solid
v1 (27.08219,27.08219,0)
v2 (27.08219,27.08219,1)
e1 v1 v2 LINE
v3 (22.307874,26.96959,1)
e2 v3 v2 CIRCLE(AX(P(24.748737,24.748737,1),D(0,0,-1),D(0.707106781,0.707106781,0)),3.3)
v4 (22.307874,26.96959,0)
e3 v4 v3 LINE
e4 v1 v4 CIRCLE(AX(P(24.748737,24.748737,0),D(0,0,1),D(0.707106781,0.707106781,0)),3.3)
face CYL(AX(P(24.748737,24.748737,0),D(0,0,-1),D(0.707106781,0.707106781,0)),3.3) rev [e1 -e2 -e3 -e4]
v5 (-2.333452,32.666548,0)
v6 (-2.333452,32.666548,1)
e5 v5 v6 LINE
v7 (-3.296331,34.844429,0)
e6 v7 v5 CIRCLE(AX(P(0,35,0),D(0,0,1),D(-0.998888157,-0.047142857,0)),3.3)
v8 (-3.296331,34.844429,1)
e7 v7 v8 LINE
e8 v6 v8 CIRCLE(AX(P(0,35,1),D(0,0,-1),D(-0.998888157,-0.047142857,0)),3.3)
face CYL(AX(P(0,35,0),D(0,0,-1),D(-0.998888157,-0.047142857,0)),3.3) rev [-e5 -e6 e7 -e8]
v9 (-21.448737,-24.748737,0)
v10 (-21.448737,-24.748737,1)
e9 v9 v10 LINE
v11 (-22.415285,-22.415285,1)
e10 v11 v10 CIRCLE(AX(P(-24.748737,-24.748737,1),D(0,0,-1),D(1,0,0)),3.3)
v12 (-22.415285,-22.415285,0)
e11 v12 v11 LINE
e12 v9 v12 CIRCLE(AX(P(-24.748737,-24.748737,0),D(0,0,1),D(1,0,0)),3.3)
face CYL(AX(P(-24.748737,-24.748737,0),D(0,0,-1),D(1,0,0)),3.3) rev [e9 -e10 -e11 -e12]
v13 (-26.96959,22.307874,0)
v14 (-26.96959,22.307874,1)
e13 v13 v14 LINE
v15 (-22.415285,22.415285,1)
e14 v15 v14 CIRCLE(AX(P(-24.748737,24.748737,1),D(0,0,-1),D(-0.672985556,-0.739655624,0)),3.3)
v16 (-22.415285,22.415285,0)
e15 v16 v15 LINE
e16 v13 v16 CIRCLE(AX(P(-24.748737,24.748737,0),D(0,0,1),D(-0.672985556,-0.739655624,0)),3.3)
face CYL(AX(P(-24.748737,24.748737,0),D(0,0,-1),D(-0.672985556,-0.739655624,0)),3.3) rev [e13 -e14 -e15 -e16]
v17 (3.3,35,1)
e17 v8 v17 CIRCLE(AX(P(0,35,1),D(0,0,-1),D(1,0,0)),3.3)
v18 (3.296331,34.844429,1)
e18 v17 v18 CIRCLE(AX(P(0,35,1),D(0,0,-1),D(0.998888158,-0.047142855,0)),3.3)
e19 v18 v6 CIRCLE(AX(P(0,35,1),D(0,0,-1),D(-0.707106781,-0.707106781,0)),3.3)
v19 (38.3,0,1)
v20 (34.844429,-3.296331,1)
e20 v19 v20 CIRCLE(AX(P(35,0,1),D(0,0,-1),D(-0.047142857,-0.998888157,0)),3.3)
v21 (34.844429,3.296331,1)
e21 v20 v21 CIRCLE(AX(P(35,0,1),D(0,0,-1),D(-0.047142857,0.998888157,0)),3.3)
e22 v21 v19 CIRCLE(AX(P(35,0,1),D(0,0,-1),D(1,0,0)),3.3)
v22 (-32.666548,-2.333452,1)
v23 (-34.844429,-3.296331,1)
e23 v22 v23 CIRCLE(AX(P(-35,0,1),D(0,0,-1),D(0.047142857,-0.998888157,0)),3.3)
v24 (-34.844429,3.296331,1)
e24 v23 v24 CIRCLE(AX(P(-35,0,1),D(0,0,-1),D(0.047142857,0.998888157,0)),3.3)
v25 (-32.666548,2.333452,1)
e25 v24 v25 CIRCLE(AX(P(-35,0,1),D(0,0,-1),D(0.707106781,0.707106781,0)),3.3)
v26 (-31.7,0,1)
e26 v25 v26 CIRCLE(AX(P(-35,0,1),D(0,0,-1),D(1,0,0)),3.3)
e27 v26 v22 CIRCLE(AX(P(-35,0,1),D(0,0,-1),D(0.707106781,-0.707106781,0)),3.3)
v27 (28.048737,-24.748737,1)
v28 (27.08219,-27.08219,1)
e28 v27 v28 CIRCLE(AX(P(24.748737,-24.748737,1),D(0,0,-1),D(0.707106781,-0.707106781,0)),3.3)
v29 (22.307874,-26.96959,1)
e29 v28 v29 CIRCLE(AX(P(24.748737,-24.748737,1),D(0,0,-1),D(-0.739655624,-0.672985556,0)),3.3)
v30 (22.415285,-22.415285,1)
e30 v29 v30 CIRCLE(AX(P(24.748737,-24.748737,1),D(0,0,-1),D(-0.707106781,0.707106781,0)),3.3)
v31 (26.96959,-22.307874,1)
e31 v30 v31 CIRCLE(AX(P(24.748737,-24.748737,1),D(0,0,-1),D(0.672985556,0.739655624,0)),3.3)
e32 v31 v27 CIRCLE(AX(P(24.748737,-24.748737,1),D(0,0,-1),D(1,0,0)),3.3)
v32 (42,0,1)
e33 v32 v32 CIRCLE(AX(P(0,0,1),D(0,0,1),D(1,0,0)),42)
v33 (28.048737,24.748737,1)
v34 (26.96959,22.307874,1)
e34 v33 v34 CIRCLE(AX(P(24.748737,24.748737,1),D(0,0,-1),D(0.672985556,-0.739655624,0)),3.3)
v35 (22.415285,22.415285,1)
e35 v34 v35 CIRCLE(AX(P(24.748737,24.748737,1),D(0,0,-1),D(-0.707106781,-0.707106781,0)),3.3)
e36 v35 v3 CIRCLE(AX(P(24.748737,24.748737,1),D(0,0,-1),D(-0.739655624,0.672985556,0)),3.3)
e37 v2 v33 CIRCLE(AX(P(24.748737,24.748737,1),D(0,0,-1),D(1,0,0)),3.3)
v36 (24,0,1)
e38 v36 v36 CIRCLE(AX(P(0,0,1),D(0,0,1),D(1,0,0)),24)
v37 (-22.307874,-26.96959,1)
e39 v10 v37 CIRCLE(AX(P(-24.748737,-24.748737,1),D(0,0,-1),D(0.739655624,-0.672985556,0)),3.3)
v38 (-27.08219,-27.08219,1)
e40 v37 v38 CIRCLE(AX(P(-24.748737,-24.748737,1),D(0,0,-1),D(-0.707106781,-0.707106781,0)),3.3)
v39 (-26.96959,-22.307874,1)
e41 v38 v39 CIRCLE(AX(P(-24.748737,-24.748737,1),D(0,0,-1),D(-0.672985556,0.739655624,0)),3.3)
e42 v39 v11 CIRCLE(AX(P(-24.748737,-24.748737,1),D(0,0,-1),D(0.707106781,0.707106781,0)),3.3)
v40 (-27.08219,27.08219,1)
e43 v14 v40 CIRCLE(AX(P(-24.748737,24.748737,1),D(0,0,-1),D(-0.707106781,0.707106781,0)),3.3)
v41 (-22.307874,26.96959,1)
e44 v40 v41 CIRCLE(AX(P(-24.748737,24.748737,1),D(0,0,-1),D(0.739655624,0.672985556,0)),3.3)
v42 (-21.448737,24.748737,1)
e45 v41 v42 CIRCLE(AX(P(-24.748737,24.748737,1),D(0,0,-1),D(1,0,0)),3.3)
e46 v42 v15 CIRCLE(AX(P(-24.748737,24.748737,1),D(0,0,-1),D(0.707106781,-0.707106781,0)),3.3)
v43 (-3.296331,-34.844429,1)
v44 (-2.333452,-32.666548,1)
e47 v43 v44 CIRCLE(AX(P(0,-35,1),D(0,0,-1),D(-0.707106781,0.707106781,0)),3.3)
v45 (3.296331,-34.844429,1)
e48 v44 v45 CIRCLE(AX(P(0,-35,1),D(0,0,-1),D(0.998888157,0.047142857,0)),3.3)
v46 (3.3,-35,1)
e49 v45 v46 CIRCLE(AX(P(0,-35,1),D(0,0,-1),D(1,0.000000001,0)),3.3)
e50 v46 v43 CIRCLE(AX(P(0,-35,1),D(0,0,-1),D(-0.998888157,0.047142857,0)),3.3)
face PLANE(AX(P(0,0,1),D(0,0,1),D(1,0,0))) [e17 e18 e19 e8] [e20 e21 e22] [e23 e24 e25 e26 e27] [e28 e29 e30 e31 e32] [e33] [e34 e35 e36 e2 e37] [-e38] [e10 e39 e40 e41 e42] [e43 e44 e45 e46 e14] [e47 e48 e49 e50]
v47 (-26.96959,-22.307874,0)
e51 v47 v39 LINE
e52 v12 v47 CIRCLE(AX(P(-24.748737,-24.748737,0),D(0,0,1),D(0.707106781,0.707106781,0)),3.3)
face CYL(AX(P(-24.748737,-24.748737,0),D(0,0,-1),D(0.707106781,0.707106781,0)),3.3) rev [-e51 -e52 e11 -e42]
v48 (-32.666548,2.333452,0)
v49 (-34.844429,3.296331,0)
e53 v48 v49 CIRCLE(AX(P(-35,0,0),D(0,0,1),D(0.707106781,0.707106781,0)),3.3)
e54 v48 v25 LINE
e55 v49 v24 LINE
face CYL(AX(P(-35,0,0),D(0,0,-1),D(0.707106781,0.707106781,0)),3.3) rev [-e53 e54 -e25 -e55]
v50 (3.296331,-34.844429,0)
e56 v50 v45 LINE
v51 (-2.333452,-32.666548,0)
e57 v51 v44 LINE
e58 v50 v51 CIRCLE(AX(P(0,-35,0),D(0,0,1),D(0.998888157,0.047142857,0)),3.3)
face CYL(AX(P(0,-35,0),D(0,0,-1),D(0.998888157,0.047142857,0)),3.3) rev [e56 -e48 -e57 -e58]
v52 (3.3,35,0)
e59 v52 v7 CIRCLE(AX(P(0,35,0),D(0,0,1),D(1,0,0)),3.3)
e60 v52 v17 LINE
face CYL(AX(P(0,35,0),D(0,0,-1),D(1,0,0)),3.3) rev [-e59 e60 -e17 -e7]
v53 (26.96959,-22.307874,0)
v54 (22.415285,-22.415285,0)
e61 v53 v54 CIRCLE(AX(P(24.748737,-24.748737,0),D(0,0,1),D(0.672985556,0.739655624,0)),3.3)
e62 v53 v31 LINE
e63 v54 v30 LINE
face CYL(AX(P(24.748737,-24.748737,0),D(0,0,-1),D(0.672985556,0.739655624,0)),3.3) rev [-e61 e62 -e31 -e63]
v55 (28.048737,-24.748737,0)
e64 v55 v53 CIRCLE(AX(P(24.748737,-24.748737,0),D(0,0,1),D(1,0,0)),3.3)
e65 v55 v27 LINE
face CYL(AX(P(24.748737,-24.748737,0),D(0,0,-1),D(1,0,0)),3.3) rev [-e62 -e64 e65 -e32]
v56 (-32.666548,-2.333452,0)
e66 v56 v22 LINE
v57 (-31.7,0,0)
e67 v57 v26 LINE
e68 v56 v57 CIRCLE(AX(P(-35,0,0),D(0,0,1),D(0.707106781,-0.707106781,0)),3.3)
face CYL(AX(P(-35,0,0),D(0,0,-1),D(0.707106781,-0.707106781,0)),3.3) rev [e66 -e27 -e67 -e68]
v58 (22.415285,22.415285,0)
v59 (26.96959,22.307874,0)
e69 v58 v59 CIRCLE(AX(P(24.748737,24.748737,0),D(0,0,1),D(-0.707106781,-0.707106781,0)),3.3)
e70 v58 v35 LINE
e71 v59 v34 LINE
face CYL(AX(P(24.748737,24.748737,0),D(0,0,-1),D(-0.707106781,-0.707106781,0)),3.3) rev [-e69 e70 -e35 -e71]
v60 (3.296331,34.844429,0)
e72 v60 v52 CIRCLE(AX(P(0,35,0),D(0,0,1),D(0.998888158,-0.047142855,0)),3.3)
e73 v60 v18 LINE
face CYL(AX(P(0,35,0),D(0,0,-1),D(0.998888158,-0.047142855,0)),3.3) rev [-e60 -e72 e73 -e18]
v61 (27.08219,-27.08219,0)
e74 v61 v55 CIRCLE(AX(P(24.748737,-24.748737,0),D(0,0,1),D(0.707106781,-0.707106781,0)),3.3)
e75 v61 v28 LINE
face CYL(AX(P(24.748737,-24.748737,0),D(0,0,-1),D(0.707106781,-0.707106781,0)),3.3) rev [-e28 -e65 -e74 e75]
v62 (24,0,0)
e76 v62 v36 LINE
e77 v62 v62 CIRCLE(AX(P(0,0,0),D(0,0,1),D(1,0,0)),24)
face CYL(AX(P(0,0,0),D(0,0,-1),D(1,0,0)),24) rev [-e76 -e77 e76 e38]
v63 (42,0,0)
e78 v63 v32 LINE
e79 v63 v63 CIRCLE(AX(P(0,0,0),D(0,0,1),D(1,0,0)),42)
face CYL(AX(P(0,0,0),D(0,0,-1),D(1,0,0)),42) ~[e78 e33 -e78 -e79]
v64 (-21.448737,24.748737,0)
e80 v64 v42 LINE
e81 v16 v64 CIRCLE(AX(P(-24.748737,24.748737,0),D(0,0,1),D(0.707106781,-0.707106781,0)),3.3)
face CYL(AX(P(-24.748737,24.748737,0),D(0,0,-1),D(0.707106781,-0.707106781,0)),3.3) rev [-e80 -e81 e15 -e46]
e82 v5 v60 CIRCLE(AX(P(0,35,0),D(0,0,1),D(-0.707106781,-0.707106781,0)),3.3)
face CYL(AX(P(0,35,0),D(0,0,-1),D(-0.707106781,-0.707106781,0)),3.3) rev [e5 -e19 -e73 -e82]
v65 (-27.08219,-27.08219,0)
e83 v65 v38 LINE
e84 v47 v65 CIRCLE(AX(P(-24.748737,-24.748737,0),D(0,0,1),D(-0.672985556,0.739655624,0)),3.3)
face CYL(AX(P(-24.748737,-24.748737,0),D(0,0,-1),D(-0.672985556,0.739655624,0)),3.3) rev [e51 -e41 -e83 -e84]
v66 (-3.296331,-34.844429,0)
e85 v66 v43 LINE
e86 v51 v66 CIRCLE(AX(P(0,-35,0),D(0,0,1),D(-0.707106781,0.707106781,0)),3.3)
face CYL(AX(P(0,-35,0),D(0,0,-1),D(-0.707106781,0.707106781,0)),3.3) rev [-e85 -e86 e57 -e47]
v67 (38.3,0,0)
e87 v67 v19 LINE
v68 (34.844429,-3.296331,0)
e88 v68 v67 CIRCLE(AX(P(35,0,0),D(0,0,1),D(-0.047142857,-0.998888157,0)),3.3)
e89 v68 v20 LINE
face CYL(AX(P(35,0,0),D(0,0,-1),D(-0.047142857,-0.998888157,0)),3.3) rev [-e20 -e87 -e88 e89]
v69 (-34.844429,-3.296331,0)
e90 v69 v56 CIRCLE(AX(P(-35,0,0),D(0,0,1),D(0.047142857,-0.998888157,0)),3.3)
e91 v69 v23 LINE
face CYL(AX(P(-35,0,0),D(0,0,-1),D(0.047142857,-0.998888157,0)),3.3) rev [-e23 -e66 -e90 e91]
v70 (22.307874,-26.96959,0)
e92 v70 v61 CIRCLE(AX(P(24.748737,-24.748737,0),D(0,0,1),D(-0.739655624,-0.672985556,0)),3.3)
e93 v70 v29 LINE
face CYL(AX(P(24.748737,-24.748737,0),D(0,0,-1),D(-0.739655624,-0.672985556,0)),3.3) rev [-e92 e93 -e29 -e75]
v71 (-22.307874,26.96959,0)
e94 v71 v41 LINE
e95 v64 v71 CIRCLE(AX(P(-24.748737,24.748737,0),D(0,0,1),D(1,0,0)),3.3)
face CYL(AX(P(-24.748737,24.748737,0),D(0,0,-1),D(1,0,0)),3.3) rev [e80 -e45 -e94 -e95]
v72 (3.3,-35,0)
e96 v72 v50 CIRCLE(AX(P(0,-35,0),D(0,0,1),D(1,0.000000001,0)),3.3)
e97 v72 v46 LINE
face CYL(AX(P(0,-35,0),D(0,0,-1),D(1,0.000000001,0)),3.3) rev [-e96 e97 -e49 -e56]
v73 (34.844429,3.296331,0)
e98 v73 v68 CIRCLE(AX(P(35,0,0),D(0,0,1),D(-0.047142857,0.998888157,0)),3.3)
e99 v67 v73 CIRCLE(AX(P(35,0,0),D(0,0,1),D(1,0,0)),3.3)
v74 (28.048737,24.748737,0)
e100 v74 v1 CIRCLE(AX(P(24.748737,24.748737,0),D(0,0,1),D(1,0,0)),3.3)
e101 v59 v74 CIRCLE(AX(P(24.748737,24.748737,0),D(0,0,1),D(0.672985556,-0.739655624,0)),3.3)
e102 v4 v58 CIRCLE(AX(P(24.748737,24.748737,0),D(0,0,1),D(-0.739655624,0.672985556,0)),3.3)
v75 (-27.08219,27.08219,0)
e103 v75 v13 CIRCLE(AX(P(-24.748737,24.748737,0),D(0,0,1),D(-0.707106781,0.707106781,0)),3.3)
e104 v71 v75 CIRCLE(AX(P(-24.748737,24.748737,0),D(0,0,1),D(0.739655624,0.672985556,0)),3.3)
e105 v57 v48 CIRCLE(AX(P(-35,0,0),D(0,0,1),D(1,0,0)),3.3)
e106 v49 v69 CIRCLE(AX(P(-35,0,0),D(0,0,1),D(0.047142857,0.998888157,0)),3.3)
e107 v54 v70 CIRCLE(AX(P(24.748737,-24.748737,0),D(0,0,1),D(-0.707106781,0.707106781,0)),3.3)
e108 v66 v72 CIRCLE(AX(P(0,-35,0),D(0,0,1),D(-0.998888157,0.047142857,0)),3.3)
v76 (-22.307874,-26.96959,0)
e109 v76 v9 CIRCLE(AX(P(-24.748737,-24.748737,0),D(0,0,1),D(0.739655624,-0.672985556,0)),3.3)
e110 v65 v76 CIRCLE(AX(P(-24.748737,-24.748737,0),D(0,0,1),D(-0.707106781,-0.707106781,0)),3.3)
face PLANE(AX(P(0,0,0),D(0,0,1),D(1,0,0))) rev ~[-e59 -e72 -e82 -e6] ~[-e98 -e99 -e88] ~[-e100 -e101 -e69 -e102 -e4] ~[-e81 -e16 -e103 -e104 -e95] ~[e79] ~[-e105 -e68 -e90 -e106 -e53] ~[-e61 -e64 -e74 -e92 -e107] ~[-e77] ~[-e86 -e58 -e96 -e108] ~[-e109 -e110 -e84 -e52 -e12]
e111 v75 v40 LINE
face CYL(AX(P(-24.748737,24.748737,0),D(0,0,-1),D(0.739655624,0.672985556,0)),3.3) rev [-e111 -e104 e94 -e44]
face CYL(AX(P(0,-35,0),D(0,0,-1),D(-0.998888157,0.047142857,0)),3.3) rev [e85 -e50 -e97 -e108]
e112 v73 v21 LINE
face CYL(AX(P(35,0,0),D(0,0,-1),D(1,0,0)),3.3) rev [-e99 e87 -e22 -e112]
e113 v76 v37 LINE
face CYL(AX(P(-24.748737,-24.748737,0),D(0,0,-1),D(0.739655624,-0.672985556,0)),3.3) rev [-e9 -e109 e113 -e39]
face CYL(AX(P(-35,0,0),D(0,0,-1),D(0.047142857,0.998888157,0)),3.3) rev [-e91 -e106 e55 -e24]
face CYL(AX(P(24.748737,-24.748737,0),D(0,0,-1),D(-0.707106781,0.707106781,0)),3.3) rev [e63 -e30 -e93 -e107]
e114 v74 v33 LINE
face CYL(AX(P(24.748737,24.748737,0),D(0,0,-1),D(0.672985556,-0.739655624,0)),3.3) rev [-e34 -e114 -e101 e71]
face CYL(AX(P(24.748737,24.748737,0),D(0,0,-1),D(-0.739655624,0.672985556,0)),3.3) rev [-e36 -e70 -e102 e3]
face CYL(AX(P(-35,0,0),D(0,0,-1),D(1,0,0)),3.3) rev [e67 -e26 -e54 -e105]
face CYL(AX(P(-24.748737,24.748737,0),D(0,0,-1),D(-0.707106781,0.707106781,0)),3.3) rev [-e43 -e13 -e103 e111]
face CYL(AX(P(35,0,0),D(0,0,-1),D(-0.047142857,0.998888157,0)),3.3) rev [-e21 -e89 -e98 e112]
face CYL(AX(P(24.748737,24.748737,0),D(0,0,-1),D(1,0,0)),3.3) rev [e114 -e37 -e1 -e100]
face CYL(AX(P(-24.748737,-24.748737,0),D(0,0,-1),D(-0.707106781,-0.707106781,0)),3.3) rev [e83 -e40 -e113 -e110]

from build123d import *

# Parameters (mm, degrees)
F0_R     = 42
F0_R_2   = 24
F1_DEPTH = 1
F3_DEPTH = 25


with BuildPart() as f1:
    # F0 (on Top) → F1 (new body)
    with BuildSketch(Plane.XY):
        Circle(F0_R)
        Circle(F0_R_2, mode=Mode.SUBTRACT)
    extrude(amount=F1_DEPTH)

    # F2 (on Top) → F3 (cut)
    with BuildSketch(Plane.XY):
        with BuildLine():
            ThreePointArc((34.8444285714, 3.2963309195), (34.9610855095, 1.65), (35, 0))
            ThreePointArc((35, 0), (34.9610855095, -1.65), (34.8444285714, -3.2963309195))
            ThreePointArc((34.8444285714, -3.2963309195), (37.2777855788, -2.3878217809), (38.3, 0))
            ThreePointArc((38.3, 0), (37.2777855788, 2.3878217809), (34.8444285714, 3.2963309195))
        make_face()
        with BuildLine():
            ThreePointArc((24.7487373415, 24.7487373415), (25.8879468303, 23.5544944524), (26.9695896756, 22.3078737832))
            ThreePointArc((26.9695896756, 22.3078737832), (27.7669166522, 23.4143484744), (28.0487373415, 24.7487373415))
            ThreePointArc((28.0487373415, 24.7487373415), (27.7975397988, 26.0115926683), (27.0821897194, 27.0821897194))
            Line((27.0821897194, 27.0821897194), (24.7487373415, 24.7487373415))
        make_face()
        with BuildLine():
            ThreePointArc((22.3078737832, 26.9695896756), (23.5544944524, 25.8879468303), (24.7487373415, 24.7487373415))
            Line((24.7487373415, 24.7487373415), (27.0821897194, 27.0821897194))
            ThreePointArc((27.0821897194, 27.0821897194), (24.6709299969, 28.0478199439), (22.3078737832, 26.9695896756))
        make_face()
        with BuildLine():
            ThreePointArc((0, 35), (1.65, 34.9610855095), (3.2963309195, 34.8444285714))
            ThreePointArc((3.2963309195, 34.8444285714), (3.2990826023, 34.9221926553), (3.3, 35))
            ThreePointArc((3.3, 35), (-0.0778073447, 38.2990826023), (-3.2963309195, 34.8444285714))
            ThreePointArc((-3.2963309195, 34.8444285714), (-1.65, 34.9610855095), (0, 35))
        make_face()
        with BuildLine():
            Line((-27.0821897194, 27.0821897194), (-24.7487373415, 24.7487373415))
            ThreePointArc((-24.7487373415, 24.7487373415), (-23.5544944524, 25.8879468303), (-22.3078737832, 26.9695896756))
            ThreePointArc((-22.3078737832, 26.9695896756), (-24.6709299969, 28.0478199439), (-27.0821897194, 27.0821897194))
        make_face()
        with BuildLine():
            ThreePointArc((-26.9695896756, 22.3078737832), (-25.8879468303, 23.5544944524), (-24.7487373415, 24.7487373415))
            Line((-24.7487373415, 24.7487373415), (-27.0821897194, 27.0821897194))
            ThreePointArc((-27.0821897194, 27.0821897194), (-28.0478199439, 24.6709299969), (-26.9695896756, 22.3078737832))
        make_face()
        with BuildLine():
            ThreePointArc((-35, 0), (-34.9610855095, 1.65), (-34.8444285714, 3.2963309195))
            ThreePointArc((-34.8444285714, 3.2963309195), (-38.3, 0), (-34.8444285714, -3.2963309195))
            ThreePointArc((-34.8444285714, -3.2963309195), (-34.9610855095, -1.65), (-35, 0))
        make_face()
        with BuildLine():
            Line((-27.0821897194, -27.0821897194), (-24.7487373415, -24.7487373415))
            ThreePointArc((-24.7487373415, -24.7487373415), (-25.8879468303, -23.5544944524), (-26.9695896756, -22.3078737832))
            ThreePointArc((-26.9695896756, -22.3078737832), (-28.0478199439, -24.6709299969), (-27.0821897194, -27.0821897194))
        make_face()
        with BuildLine():
            ThreePointArc((-22.3078737832, -26.9695896756), (-23.5544944524, -25.8879468303), (-24.7487373415, -24.7487373415))
            Line((-24.7487373415, -24.7487373415), (-27.0821897194, -27.0821897194))
            ThreePointArc((-27.0821897194, -27.0821897194), (-24.6709299969, -28.0478199439), (-22.3078737832, -26.9695896756))
        make_face()
        with BuildLine():
            ThreePointArc((3.3, -35), (3.2990826023, -34.9221926553), (3.2963309195, -34.8444285714))
            ThreePointArc((3.2963309195, -34.8444285714), (1.65, -34.9610855095), (0, -35))
            ThreePointArc((0, -35), (-1.65, -34.9610855095), (-3.2963309195, -34.8444285714))
            ThreePointArc((-3.2963309195, -34.8444285714), (-0.0778073447, -38.2990826023), (3.3, -35))
        make_face()
        with BuildLine():
            Line((27.0821897194, -27.0821897194), (24.7487373415, -24.7487373415))
            ThreePointArc((24.7487373415, -24.7487373415), (23.5544944524, -25.8879468303), (22.3078737832, -26.9695896756))
            ThreePointArc((22.3078737832, -26.9695896756), (24.6709299969, -28.0478199439), (27.0821897194, -27.0821897194))
        make_face()
        with BuildLine():
            ThreePointArc((28.0487373415, -24.7487373415), (27.7669166522, -23.4143484744), (26.9695896756, -22.3078737832))
            ThreePointArc((26.9695896756, -22.3078737832), (25.8879468303, -23.5544944524), (24.7487373415, -24.7487373415))
            Line((24.7487373415, -24.7487373415), (27.0821897194, -27.0821897194))
            ThreePointArc((27.0821897194, -27.0821897194), (27.7975397988, -26.0115926683), (28.0487373415, -24.7487373415))
        make_face()
        with BuildLine():
            ThreePointArc((34.8444285714, -3.2963309195), (34.9610855095, -1.65), (35, 0))
            ThreePointArc((35, 0), (34.9610855095, 1.65), (34.8444285714, 3.2963309195))
            ThreePointArc((34.8444285714, 3.2963309195), (31.7, 0), (34.8444285714, -3.2963309195))
        make_face()
        with BuildLine():
            ThreePointArc((22.4152849636, 22.4152849636), (24.6709299969, 21.4496547392), (26.9695896756, 22.3078737832))
            ThreePointArc((26.9695896756, 22.3078737832), (25.8879468303, 23.5544944524), (24.7487373415, 24.7487373415))
            Line((24.7487373415, 24.7487373415), (22.4152849636, 22.4152849636))
        make_face()
        with BuildLine():
            Line((22.4152849636, 22.4152849636), (24.7487373415, 24.7487373415))
            ThreePointArc((24.7487373415, 24.7487373415), (23.5544944524, 25.8879468303), (22.3078737832, 26.9695896756))
            ThreePointArc((22.3078737832, 26.9695896756), (21.4496547392, 24.6709299969), (22.4152849636, 22.4152849636))
        make_face()
        with BuildLine():
            ThreePointArc((-2.3334523779, 32.6665476221), (1.1906196407, 31.9222695259), (3.2963309195, 34.8444285714))
            ThreePointArc((3.2963309195, 34.8444285714), (1.65, 34.9610855095), (0, 35))
            Line((0, 35), (-2.3334523779, 32.6665476221))
        make_face()
        with BuildLine():
            Line((-2.3334523779, 32.6665476221), (0, 35))
            ThreePointArc((0, 35), (-1.65, 34.9610855095), (-3.2963309195, 34.8444285714))
            ThreePointArc((-3.2963309195, 34.8444285714), (-3.0181793107, 33.6656111329), (-2.3334523779, 32.6665476221))
        make_face()
        with BuildLine():
            Line((-24.7487373415, 24.7487373415), (-22.4152849636, 22.4152849636))
            ThreePointArc((-22.4152849636, 22.4152849636), (-21.6999348842, 23.4858820147), (-21.4487373415, 24.7487373415))
            ThreePointArc((-21.4487373415, 24.7487373415), (-21.6710068674, 25.9393569822), (-22.3078737832, 26.9695896756))
            ThreePointArc((-22.3078737832, 26.9695896756), (-23.5544944524, 25.8879468303), (-24.7487373415, 24.7487373415))
        make_face()
        with BuildLine():
            ThreePointArc((-26.9695896756, 22.3078737832), (-24.6709299969, 21.4496547392), (-22.4152849636, 22.4152849636))
            Line((-22.4152849636, 22.4152849636), (-24.7487373415, 24.7487373415))
            ThreePointArc((-24.7487373415, 24.7487373415), (-25.8879468303, 23.5544944524), (-26.9695896756, 22.3078737832))
        make_face()
        with BuildLine():
            Line((-35, 0), (-32.6665476221, 2.3334523779))
            ThreePointArc((-32.6665476221, 2.3334523779), (-33.6656111329, 3.0181793107), (-34.8444285714, 3.2963309195))
            ThreePointArc((-34.8444285714, 3.2963309195), (-34.9610855095, 1.65), (-35, 0))
        make_face()
        with BuildLine():
            ThreePointArc((-34.8444285714, -3.2963309195), (-33.6656111329, -3.0181793107), (-32.6665476221, -2.3334523779))
            Line((-32.6665476221, -2.3334523779), (-35, 0))
            ThreePointArc((-35, 0), (-34.9610855095, -1.65), (-34.8444285714, -3.2963309195))
        make_face()
        with BuildLine():
            Line((-24.7487373415, -24.7487373415), (-22.4152849636, -22.4152849636))
            ThreePointArc((-22.4152849636, -22.4152849636), (-24.6709299969, -21.4496547392), (-26.9695896756, -22.3078737832))
            ThreePointArc((-26.9695896756, -22.3078737832), (-25.8879468303, -23.5544944524), (-24.7487373415, -24.7487373415))
        make_face()
        with BuildLine():
            ThreePointArc((-21.4487373415, -24.7487373415), (-21.6999348842, -23.4858820147), (-22.4152849636, -22.4152849636))
            Line((-22.4152849636, -22.4152849636), (-24.7487373415, -24.7487373415))
            ThreePointArc((-24.7487373415, -24.7487373415), (-23.5544944524, -25.8879468303), (-22.3078737832, -26.9695896756))
            ThreePointArc((-22.3078737832, -26.9695896756), (-21.6710068674, -25.9393569822), (-21.4487373415, -24.7487373415))
        make_face()
        with BuildLine():
            Line((0, -35), (-2.3334523779, -32.6665476221))
            ThreePointArc((-2.3334523779, -32.6665476221), (-3.0181793107, -33.6656111329), (-3.2963309195, -34.8444285714))
            ThreePointArc((-3.2963309195, -34.8444285714), (-1.65, -34.9610855095), (0, -35))
        make_face()
        with BuildLine():
            ThreePointArc((0, -35), (1.65, -34.9610855095), (3.2963309195, -34.8444285714))
            ThreePointArc((3.2963309195, -34.8444285714), (1.1906196407, -31.9222695259), (-2.3334523779, -32.6665476221))
            Line((-2.3334523779, -32.6665476221), (0, -35))
        make_face()
        with BuildLine():
            ThreePointArc((22.3078737832, -26.9695896756), (23.5544944524, -25.8879468303), (24.7487373415, -24.7487373415))
            Line((24.7487373415, -24.7487373415), (22.4152849636, -22.4152849636))
            ThreePointArc((22.4152849636, -22.4152849636), (21.4496547392, -24.6709299969), (22.3078737832, -26.9695896756))
        make_face()
        with BuildLine():
            ThreePointArc((24.7487373415, -24.7487373415), (25.8879468303, -23.5544944524), (26.9695896756, -22.3078737832))
            ThreePointArc((26.9695896756, -22.3078737832), (24.6709299969, -21.4496547392), (22.4152849636, -22.4152849636))
            Line((22.4152849636, -22.4152849636), (24.7487373415, -24.7487373415))
        make_face()
        with BuildLine():
            ThreePointArc((-31.7, 0), (-31.9511975427, 1.2628553268), (-32.6665476221, 2.3334523779))
            Line((-32.6665476221, 2.3334523779), (-35, 0))
            Line((-35, 0), (-32.6665476221, -2.3334523779))
            ThreePointArc((-32.6665476221, -2.3334523779), (-31.9511975427, -1.2628553268), (-31.7, 0))
        make_face()
    extrude(amount=F3_DEPTH, mode=Mode.SUBTRACT)


solid = f1.part
